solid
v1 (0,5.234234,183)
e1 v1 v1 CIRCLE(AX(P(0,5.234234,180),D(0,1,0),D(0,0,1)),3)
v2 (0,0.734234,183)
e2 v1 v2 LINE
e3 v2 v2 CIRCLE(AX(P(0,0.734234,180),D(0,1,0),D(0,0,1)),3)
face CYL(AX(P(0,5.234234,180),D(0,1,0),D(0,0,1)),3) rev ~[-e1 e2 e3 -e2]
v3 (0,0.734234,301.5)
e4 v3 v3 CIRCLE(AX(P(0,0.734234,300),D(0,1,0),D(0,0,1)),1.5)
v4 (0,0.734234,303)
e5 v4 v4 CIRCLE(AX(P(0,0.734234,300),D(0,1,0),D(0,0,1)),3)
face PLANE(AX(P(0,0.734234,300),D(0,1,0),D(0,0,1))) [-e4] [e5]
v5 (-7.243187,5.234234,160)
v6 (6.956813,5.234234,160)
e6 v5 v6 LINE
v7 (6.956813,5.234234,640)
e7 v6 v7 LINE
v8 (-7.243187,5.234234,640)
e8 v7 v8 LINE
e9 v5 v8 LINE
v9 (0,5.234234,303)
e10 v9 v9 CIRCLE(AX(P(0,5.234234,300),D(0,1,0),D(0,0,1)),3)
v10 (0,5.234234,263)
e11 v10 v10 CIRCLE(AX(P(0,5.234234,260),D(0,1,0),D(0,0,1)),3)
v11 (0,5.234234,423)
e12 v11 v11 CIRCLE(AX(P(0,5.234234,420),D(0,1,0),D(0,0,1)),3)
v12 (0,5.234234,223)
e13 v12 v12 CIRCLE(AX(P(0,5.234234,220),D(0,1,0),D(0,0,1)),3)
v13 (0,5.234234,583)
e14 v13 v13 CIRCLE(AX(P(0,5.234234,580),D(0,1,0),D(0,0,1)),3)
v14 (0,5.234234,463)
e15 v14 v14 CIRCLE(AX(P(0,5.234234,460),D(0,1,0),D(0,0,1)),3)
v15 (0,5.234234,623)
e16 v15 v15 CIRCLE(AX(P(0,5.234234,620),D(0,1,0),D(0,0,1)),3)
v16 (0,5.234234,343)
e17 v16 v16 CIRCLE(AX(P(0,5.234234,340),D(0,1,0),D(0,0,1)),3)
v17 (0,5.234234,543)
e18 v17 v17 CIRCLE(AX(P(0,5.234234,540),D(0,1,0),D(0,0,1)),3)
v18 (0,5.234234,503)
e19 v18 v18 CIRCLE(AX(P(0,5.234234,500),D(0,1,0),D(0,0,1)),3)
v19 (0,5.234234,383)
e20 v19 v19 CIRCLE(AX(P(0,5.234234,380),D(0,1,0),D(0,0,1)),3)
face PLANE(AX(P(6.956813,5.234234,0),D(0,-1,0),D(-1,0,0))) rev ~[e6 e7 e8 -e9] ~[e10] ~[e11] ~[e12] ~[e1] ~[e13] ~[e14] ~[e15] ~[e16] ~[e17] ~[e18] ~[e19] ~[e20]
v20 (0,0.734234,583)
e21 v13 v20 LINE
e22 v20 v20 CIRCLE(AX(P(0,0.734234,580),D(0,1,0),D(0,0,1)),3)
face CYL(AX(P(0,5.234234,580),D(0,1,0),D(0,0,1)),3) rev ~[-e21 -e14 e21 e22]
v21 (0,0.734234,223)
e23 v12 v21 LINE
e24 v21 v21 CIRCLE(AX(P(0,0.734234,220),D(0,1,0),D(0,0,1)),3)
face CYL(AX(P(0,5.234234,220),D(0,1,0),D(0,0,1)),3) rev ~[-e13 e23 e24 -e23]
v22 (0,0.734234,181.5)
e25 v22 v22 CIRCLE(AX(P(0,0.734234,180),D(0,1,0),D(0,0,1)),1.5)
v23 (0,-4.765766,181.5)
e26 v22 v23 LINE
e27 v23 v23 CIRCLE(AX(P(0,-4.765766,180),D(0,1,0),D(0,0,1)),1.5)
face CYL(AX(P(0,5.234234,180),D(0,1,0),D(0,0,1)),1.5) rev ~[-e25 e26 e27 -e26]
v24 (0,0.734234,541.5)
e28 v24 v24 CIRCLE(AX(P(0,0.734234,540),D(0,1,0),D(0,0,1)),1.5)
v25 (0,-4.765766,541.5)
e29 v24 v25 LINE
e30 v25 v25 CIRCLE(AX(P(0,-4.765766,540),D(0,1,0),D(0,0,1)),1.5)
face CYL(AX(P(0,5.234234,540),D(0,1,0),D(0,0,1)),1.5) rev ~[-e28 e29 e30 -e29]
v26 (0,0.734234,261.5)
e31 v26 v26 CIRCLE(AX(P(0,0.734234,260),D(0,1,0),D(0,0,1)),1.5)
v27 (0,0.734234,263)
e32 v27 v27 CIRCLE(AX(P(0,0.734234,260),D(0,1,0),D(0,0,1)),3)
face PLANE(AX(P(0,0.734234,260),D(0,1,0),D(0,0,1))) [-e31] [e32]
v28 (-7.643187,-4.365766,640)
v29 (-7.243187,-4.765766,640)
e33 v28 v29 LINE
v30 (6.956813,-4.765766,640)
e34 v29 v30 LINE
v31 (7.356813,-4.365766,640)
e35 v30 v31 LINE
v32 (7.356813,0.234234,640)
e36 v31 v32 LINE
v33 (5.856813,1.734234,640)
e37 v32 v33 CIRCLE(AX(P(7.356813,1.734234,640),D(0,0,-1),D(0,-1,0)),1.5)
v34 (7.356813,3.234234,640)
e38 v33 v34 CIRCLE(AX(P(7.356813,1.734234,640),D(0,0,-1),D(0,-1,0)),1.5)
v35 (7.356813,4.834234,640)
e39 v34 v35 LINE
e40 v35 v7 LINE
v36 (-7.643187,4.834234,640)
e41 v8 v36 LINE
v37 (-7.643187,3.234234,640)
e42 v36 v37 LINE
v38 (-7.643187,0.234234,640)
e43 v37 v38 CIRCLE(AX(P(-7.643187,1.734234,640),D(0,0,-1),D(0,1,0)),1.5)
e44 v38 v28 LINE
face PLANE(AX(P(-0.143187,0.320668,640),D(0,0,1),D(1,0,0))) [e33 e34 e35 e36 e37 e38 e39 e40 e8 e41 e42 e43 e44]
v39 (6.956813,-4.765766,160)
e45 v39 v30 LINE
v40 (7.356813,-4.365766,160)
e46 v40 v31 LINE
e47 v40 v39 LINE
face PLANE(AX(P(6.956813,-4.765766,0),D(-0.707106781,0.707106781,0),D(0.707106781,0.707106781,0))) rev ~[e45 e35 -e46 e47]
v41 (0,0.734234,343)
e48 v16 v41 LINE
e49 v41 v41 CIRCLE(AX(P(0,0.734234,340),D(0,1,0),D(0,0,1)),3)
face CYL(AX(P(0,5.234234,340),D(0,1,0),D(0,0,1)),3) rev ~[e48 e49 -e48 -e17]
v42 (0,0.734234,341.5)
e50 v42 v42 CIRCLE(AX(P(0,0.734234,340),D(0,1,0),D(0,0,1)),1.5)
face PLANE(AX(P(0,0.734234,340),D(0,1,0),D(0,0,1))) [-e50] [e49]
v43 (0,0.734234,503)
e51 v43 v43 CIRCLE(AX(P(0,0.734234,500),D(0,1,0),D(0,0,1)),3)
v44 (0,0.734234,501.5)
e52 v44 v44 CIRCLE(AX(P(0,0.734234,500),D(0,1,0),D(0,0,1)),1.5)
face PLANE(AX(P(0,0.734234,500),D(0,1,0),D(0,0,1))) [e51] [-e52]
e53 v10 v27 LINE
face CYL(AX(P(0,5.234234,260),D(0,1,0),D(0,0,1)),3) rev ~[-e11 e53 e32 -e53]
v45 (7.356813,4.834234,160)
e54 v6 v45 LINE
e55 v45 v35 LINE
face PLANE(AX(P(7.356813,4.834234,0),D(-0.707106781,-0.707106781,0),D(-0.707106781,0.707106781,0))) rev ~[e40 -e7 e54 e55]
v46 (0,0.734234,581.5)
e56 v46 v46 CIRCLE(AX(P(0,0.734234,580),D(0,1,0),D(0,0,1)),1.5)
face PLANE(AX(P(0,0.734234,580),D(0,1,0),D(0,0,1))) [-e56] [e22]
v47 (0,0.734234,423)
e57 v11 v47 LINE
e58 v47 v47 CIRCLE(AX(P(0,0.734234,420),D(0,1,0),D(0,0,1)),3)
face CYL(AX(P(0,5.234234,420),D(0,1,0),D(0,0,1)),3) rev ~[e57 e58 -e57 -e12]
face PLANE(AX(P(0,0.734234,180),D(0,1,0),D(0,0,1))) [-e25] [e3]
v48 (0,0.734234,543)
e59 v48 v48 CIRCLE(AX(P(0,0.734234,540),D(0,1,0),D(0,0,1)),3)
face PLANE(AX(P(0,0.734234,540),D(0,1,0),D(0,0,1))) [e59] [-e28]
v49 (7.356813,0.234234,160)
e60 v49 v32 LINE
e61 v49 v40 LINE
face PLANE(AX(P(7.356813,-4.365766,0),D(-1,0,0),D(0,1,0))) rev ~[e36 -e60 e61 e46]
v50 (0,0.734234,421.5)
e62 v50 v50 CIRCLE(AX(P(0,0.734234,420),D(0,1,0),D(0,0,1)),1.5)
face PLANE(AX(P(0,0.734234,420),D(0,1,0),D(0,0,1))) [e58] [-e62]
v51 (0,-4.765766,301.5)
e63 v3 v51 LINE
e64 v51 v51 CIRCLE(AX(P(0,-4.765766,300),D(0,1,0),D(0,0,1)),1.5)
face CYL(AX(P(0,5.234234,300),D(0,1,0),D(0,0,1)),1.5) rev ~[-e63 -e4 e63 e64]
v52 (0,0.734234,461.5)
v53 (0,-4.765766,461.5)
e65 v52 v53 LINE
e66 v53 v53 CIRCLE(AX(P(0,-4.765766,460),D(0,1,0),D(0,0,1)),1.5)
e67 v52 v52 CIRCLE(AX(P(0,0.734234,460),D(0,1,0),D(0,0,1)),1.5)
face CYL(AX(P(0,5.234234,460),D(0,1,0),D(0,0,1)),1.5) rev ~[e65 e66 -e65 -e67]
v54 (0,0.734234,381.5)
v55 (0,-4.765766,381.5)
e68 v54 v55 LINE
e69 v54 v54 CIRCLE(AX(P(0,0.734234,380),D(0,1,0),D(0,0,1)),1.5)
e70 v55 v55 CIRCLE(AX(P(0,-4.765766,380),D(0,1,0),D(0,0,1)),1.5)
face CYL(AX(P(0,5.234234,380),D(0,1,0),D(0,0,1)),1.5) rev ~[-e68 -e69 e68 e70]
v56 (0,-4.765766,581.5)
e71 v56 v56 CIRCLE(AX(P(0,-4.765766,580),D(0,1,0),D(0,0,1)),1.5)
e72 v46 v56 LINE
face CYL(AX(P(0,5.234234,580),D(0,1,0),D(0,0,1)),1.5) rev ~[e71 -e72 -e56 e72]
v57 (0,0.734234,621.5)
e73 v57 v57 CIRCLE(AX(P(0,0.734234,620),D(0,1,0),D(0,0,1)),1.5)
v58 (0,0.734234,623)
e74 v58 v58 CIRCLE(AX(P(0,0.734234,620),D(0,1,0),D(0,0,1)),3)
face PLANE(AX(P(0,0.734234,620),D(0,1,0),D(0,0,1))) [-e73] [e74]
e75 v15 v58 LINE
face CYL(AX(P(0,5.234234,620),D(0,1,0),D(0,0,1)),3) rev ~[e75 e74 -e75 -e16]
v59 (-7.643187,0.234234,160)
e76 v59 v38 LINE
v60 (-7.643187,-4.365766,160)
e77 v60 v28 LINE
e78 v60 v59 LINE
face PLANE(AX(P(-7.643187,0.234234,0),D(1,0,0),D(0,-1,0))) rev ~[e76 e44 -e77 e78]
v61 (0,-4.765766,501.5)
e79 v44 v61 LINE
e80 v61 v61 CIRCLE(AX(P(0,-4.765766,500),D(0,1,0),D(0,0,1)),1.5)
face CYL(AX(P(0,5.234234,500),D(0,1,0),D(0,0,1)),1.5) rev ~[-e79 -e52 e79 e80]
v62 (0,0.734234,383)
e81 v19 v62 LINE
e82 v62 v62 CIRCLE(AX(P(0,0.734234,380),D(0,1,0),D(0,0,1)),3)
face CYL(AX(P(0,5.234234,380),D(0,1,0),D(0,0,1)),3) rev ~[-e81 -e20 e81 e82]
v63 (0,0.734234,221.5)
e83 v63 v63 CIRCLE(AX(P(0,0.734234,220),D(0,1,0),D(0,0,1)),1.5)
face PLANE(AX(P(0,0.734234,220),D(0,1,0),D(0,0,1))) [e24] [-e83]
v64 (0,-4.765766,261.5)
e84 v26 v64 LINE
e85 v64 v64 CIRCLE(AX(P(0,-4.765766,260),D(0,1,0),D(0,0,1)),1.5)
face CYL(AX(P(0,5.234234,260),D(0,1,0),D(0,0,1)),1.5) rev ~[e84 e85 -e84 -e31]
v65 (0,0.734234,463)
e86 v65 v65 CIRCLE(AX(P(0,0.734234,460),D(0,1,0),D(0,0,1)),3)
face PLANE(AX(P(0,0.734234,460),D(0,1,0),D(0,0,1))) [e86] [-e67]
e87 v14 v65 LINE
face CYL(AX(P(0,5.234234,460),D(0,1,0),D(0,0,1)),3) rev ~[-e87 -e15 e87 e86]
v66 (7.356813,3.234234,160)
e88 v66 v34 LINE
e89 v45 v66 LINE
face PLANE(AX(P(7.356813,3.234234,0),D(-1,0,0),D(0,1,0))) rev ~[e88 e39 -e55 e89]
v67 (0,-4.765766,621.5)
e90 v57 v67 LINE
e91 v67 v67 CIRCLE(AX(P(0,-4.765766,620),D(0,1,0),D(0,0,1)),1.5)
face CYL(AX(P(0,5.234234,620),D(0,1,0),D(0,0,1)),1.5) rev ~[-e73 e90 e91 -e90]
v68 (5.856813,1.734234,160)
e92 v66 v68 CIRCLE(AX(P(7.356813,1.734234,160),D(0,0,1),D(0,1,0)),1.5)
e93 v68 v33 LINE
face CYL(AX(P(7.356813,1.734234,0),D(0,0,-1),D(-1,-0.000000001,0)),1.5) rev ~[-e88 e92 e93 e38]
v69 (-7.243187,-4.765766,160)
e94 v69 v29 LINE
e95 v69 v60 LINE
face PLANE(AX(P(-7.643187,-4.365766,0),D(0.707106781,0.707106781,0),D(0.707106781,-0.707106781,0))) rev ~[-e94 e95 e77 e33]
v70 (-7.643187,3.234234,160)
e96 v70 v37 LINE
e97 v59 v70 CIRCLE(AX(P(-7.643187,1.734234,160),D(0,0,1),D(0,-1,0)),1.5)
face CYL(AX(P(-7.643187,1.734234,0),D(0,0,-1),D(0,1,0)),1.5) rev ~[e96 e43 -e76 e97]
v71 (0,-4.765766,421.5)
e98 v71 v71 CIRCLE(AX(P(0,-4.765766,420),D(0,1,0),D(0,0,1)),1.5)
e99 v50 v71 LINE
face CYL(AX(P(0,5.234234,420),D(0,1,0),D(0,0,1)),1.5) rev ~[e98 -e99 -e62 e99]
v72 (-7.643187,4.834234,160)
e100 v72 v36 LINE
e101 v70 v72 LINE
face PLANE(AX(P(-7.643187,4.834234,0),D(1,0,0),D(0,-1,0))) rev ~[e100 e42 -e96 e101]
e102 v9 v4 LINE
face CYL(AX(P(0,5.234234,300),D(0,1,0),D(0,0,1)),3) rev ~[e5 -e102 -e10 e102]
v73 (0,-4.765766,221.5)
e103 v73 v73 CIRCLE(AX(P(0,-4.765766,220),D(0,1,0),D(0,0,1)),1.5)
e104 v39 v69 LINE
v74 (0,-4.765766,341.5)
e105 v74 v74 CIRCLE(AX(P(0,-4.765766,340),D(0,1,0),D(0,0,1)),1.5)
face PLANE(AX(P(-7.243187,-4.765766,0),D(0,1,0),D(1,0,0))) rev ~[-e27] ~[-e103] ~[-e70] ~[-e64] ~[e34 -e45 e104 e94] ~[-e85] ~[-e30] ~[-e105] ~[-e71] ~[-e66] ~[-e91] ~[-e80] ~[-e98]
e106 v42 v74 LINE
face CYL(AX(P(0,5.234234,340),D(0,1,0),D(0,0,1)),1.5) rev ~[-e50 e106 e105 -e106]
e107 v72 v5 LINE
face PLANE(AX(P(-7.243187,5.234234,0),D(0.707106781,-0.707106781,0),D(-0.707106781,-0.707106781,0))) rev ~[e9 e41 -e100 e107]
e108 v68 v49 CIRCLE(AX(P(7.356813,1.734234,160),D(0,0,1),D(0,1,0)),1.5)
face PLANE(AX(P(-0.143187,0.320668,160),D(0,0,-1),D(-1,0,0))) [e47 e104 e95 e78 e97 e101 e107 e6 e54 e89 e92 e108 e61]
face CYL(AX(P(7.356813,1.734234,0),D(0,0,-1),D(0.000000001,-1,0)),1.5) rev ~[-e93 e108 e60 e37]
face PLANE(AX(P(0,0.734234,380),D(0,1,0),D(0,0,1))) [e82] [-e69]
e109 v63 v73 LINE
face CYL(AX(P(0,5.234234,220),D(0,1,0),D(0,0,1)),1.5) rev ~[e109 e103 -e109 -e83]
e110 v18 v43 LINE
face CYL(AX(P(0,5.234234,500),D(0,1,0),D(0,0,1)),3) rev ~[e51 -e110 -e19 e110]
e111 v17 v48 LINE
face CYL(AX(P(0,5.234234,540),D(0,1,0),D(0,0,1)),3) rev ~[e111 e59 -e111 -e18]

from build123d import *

# Parameters (mm, degrees)
EXTRUDE_1_DEPTH        = 1000
SKETCH_2_R             = 1.5
CUT_EXTRUDE_1_DEPTH    = 20
SKETCH_3_R             = 3
CUT_EXTRUDE_2_DEPTH    = 4.5
PATTERN_LINEAR_1_COUNT = 25
PATTERN_LINEAR_1_PITCH = 40
CUT_EXTRUDE_4_DEPTH    = 80
CUT_EXTRUDE_5_DEPTH    = 80
CUT_EXTRUDE_START      = -360
CUT_EXTRUDE_7_DEPTH    = 360


with BuildPart() as part:
    # 草图1 → 凸台-拉伸1 (new body)
    with BuildSketch(Plane.XY):
        with BuildLine():
            Line((-7.643186957, 0.234233912), (-7.643186957, -4.365766088))
            Line((-7.643186957, -4.365766088), (-7.243186957, -4.765766088))
            Line((-7.243186957, -4.765766088), (6.956813043, -4.765766088))
            Line((6.956813043, -4.765766088), (7.356813043, -4.365766088))
            Line((7.356813043, -4.365766088), (7.356813043, 0.234233912))
            ThreePointArc((7.356813043, 0.234233912), (6.296152871, 0.67357374), (5.856813043, 1.734233912))
            ThreePointArc((5.856813043, 1.734233912), (6.296152871, 2.794894084), (7.356813043, 3.234233912))
            Line((7.356813043, 3.234233912), (7.356813043, 4.834233912))
            Line((7.356813043, 4.834233912), (6.956813043, 5.234233912))
            Line((6.956813043, 5.234233912), (-7.243186957, 5.234233912))
            Line((-7.243186957, 5.234233912), (-7.643186957, 4.834233912))
            Line((-7.643186957, 4.834233912), (-7.643186957, 3.234233912))
            ThreePointArc((-7.643186957, 3.234233912), (-6.143186957, 1.734233912), (-7.643186957, 0.234233912))
        make_face()
    extrude(amount=EXTRUDE_1_DEPTH)

    # 草图2 → 切除-拉伸1 (cut)
    with BuildSketch(Plane(origin=(0, 5.234233912, 0), x_dir=(1, 0, 0), z_dir=(0, 1, 0))):
        with Locations(Location((0, -20, 0), (0, 0, 270))):
            Circle(SKETCH_2_R)
    cut_extrude_1 = extrude(amount=-CUT_EXTRUDE_1_DEPTH, mode=Mode.SUBTRACT)

    # 草图3 → 切除-拉伸2 (cut)
    with BuildSketch(Plane(origin=(0, 5.234233912, 0), x_dir=(1, 0, 0), z_dir=(0, 1, 0))):
        with Locations(Location((0, -20, 0), (0, 0, 270))):
            Circle(SKETCH_3_R)
    cut_extrude_2 = extrude(amount=-CUT_EXTRUDE_2_DEPTH, mode=Mode.SUBTRACT)

    # 阵列(线性)1: 切除-拉伸1, 切除-拉伸2 ×25
    with Locations(*[(0, 0, i * PATTERN_LINEAR_1_PITCH) for i in range(1, PATTERN_LINEAR_1_COUNT)]):
        add(cut_extrude_1, mode=Mode.SUBTRACT)
        add(cut_extrude_2, mode=Mode.SUBTRACT)

    # 草图6 → 切除-拉伸4 (cut)
    with BuildSketch(Plane(origin=(0, 0, 0), x_dir=(-1, 0, 0), z_dir=(0, 0, -1))):
        with BuildLine():
            Line((7.643186957, 3.234233912), (7.643186957, 4.834233912))
            Line((7.643186957, 4.834233912), (7.243186957, 5.234233912))
            Line((7.243186957, 5.234233912), (-6.956813043, 5.234233912))
            Line((-6.956813043, 5.234233912), (-7.356813043, 4.834233912))
            Line((-7.356813043, 4.834233912), (-7.356813043, 3.234233912))
            ThreePointArc((-7.356813043, 3.234233912), (-5.856813043, 1.734233912), (-7.356813043, 0.234233912))
            Line((-7.356813043, 0.234233912), (-7.356813043, -4.365766088))
            Line((-7.356813043, -4.365766088), (-6.956813043, -4.765766088))
            Line((-6.956813043, -4.765766088), (7.243186957, -4.765766088))
            Line((7.243186957, -4.765766088), (7.643186957, -4.365766088))
            Line((7.643186957, -4.365766088), (7.643186957, 0.234233912))
            ThreePointArc((7.643186957, 0.234233912), (6.143186957, 1.734233912), (7.643186957, 3.234233912))
        make_face()
    extrude(amount=-CUT_EXTRUDE_4_DEPTH, mode=Mode.SUBTRACT)

    # 草图7 → 切除-拉伸5 (cut)
    with BuildSketch(Plane(origin=(0, 0, 80), x_dir=(-1, 0, 0), z_dir=(0, 0, -1))):
        with BuildLine():
            Line((7.643186957, 3.234233912), (7.643186957, 4.834233912))
            Line((7.643186957, 4.834233912), (7.243186957, 5.234233912))
            Line((7.243186957, 5.234233912), (-6.956813043, 5.234233912))
            Line((-6.956813043, 5.234233912), (-7.356813043, 4.834233912))
            Line((-7.356813043, 4.834233912), (-7.356813043, 3.234233912))
            ThreePointArc((-7.356813043, 3.234233912), (-5.856813043, 1.734233912), (-7.356813043, 0.234233912))
            Line((-7.356813043, 0.234233912), (-7.356813043, -4.365766088))
            Line((-7.356813043, -4.365766088), (-6.956813043, -4.765766088))
            Line((-6.956813043, -4.765766088), (7.243186957, -4.765766088))
            Line((7.243186957, -4.765766088), (7.643186957, -4.365766088))
            Line((7.643186957, -4.365766088), (7.643186957, 0.234233912))
            ThreePointArc((7.643186957, 0.234233912), (6.143186957, 1.734233912), (7.643186957, 3.234233912))
        make_face()
    extrude(amount=-CUT_EXTRUDE_5_DEPTH, mode=Mode.SUBTRACT)

    # 草图9 → 切除-拉伸7 (cut)
    with BuildSketch(Plane.XY.offset(1000).offset(CUT_EXTRUDE_START)):
        with BuildLine():
            Line((-7.643186957, 0.234233912), (-7.643186957, -4.365766088))
            Line((-7.643186957, -4.365766088), (-7.243186957, -4.765766088))
            Line((-7.243186957, -4.765766088), (6.956813043, -4.765766088))
            Line((6.956813043, -4.765766088), (7.356813043, -4.365766088))
            Line((7.356813043, -4.365766088), (7.356813043, 0.234233912))
            ThreePointArc((7.356813043, 0.234233912), (5.856813043, 1.734233912), (7.356813043, 3.234233912))
            Line((7.356813043, 3.234233912), (7.356813043, 4.834233912))
            Line((7.356813043, 4.834233912), (6.956813043, 5.234233912))
            Line((6.956813043, 5.234233912), (-7.243186957, 5.234233912))
            Line((-7.243186957, 5.234233912), (-7.643186957, 4.834233912))
            Line((-7.643186957, 4.834233912), (-7.643186957, 3.234233912))
            ThreePointArc((-7.643186957, 3.234233912), (-6.143186957, 1.734233912), (-7.643186957, 0.234233912))
        make_face()
    extrude(amount=CUT_EXTRUDE_7_DEPTH, mode=Mode.SUBTRACT)


solid = part.part
